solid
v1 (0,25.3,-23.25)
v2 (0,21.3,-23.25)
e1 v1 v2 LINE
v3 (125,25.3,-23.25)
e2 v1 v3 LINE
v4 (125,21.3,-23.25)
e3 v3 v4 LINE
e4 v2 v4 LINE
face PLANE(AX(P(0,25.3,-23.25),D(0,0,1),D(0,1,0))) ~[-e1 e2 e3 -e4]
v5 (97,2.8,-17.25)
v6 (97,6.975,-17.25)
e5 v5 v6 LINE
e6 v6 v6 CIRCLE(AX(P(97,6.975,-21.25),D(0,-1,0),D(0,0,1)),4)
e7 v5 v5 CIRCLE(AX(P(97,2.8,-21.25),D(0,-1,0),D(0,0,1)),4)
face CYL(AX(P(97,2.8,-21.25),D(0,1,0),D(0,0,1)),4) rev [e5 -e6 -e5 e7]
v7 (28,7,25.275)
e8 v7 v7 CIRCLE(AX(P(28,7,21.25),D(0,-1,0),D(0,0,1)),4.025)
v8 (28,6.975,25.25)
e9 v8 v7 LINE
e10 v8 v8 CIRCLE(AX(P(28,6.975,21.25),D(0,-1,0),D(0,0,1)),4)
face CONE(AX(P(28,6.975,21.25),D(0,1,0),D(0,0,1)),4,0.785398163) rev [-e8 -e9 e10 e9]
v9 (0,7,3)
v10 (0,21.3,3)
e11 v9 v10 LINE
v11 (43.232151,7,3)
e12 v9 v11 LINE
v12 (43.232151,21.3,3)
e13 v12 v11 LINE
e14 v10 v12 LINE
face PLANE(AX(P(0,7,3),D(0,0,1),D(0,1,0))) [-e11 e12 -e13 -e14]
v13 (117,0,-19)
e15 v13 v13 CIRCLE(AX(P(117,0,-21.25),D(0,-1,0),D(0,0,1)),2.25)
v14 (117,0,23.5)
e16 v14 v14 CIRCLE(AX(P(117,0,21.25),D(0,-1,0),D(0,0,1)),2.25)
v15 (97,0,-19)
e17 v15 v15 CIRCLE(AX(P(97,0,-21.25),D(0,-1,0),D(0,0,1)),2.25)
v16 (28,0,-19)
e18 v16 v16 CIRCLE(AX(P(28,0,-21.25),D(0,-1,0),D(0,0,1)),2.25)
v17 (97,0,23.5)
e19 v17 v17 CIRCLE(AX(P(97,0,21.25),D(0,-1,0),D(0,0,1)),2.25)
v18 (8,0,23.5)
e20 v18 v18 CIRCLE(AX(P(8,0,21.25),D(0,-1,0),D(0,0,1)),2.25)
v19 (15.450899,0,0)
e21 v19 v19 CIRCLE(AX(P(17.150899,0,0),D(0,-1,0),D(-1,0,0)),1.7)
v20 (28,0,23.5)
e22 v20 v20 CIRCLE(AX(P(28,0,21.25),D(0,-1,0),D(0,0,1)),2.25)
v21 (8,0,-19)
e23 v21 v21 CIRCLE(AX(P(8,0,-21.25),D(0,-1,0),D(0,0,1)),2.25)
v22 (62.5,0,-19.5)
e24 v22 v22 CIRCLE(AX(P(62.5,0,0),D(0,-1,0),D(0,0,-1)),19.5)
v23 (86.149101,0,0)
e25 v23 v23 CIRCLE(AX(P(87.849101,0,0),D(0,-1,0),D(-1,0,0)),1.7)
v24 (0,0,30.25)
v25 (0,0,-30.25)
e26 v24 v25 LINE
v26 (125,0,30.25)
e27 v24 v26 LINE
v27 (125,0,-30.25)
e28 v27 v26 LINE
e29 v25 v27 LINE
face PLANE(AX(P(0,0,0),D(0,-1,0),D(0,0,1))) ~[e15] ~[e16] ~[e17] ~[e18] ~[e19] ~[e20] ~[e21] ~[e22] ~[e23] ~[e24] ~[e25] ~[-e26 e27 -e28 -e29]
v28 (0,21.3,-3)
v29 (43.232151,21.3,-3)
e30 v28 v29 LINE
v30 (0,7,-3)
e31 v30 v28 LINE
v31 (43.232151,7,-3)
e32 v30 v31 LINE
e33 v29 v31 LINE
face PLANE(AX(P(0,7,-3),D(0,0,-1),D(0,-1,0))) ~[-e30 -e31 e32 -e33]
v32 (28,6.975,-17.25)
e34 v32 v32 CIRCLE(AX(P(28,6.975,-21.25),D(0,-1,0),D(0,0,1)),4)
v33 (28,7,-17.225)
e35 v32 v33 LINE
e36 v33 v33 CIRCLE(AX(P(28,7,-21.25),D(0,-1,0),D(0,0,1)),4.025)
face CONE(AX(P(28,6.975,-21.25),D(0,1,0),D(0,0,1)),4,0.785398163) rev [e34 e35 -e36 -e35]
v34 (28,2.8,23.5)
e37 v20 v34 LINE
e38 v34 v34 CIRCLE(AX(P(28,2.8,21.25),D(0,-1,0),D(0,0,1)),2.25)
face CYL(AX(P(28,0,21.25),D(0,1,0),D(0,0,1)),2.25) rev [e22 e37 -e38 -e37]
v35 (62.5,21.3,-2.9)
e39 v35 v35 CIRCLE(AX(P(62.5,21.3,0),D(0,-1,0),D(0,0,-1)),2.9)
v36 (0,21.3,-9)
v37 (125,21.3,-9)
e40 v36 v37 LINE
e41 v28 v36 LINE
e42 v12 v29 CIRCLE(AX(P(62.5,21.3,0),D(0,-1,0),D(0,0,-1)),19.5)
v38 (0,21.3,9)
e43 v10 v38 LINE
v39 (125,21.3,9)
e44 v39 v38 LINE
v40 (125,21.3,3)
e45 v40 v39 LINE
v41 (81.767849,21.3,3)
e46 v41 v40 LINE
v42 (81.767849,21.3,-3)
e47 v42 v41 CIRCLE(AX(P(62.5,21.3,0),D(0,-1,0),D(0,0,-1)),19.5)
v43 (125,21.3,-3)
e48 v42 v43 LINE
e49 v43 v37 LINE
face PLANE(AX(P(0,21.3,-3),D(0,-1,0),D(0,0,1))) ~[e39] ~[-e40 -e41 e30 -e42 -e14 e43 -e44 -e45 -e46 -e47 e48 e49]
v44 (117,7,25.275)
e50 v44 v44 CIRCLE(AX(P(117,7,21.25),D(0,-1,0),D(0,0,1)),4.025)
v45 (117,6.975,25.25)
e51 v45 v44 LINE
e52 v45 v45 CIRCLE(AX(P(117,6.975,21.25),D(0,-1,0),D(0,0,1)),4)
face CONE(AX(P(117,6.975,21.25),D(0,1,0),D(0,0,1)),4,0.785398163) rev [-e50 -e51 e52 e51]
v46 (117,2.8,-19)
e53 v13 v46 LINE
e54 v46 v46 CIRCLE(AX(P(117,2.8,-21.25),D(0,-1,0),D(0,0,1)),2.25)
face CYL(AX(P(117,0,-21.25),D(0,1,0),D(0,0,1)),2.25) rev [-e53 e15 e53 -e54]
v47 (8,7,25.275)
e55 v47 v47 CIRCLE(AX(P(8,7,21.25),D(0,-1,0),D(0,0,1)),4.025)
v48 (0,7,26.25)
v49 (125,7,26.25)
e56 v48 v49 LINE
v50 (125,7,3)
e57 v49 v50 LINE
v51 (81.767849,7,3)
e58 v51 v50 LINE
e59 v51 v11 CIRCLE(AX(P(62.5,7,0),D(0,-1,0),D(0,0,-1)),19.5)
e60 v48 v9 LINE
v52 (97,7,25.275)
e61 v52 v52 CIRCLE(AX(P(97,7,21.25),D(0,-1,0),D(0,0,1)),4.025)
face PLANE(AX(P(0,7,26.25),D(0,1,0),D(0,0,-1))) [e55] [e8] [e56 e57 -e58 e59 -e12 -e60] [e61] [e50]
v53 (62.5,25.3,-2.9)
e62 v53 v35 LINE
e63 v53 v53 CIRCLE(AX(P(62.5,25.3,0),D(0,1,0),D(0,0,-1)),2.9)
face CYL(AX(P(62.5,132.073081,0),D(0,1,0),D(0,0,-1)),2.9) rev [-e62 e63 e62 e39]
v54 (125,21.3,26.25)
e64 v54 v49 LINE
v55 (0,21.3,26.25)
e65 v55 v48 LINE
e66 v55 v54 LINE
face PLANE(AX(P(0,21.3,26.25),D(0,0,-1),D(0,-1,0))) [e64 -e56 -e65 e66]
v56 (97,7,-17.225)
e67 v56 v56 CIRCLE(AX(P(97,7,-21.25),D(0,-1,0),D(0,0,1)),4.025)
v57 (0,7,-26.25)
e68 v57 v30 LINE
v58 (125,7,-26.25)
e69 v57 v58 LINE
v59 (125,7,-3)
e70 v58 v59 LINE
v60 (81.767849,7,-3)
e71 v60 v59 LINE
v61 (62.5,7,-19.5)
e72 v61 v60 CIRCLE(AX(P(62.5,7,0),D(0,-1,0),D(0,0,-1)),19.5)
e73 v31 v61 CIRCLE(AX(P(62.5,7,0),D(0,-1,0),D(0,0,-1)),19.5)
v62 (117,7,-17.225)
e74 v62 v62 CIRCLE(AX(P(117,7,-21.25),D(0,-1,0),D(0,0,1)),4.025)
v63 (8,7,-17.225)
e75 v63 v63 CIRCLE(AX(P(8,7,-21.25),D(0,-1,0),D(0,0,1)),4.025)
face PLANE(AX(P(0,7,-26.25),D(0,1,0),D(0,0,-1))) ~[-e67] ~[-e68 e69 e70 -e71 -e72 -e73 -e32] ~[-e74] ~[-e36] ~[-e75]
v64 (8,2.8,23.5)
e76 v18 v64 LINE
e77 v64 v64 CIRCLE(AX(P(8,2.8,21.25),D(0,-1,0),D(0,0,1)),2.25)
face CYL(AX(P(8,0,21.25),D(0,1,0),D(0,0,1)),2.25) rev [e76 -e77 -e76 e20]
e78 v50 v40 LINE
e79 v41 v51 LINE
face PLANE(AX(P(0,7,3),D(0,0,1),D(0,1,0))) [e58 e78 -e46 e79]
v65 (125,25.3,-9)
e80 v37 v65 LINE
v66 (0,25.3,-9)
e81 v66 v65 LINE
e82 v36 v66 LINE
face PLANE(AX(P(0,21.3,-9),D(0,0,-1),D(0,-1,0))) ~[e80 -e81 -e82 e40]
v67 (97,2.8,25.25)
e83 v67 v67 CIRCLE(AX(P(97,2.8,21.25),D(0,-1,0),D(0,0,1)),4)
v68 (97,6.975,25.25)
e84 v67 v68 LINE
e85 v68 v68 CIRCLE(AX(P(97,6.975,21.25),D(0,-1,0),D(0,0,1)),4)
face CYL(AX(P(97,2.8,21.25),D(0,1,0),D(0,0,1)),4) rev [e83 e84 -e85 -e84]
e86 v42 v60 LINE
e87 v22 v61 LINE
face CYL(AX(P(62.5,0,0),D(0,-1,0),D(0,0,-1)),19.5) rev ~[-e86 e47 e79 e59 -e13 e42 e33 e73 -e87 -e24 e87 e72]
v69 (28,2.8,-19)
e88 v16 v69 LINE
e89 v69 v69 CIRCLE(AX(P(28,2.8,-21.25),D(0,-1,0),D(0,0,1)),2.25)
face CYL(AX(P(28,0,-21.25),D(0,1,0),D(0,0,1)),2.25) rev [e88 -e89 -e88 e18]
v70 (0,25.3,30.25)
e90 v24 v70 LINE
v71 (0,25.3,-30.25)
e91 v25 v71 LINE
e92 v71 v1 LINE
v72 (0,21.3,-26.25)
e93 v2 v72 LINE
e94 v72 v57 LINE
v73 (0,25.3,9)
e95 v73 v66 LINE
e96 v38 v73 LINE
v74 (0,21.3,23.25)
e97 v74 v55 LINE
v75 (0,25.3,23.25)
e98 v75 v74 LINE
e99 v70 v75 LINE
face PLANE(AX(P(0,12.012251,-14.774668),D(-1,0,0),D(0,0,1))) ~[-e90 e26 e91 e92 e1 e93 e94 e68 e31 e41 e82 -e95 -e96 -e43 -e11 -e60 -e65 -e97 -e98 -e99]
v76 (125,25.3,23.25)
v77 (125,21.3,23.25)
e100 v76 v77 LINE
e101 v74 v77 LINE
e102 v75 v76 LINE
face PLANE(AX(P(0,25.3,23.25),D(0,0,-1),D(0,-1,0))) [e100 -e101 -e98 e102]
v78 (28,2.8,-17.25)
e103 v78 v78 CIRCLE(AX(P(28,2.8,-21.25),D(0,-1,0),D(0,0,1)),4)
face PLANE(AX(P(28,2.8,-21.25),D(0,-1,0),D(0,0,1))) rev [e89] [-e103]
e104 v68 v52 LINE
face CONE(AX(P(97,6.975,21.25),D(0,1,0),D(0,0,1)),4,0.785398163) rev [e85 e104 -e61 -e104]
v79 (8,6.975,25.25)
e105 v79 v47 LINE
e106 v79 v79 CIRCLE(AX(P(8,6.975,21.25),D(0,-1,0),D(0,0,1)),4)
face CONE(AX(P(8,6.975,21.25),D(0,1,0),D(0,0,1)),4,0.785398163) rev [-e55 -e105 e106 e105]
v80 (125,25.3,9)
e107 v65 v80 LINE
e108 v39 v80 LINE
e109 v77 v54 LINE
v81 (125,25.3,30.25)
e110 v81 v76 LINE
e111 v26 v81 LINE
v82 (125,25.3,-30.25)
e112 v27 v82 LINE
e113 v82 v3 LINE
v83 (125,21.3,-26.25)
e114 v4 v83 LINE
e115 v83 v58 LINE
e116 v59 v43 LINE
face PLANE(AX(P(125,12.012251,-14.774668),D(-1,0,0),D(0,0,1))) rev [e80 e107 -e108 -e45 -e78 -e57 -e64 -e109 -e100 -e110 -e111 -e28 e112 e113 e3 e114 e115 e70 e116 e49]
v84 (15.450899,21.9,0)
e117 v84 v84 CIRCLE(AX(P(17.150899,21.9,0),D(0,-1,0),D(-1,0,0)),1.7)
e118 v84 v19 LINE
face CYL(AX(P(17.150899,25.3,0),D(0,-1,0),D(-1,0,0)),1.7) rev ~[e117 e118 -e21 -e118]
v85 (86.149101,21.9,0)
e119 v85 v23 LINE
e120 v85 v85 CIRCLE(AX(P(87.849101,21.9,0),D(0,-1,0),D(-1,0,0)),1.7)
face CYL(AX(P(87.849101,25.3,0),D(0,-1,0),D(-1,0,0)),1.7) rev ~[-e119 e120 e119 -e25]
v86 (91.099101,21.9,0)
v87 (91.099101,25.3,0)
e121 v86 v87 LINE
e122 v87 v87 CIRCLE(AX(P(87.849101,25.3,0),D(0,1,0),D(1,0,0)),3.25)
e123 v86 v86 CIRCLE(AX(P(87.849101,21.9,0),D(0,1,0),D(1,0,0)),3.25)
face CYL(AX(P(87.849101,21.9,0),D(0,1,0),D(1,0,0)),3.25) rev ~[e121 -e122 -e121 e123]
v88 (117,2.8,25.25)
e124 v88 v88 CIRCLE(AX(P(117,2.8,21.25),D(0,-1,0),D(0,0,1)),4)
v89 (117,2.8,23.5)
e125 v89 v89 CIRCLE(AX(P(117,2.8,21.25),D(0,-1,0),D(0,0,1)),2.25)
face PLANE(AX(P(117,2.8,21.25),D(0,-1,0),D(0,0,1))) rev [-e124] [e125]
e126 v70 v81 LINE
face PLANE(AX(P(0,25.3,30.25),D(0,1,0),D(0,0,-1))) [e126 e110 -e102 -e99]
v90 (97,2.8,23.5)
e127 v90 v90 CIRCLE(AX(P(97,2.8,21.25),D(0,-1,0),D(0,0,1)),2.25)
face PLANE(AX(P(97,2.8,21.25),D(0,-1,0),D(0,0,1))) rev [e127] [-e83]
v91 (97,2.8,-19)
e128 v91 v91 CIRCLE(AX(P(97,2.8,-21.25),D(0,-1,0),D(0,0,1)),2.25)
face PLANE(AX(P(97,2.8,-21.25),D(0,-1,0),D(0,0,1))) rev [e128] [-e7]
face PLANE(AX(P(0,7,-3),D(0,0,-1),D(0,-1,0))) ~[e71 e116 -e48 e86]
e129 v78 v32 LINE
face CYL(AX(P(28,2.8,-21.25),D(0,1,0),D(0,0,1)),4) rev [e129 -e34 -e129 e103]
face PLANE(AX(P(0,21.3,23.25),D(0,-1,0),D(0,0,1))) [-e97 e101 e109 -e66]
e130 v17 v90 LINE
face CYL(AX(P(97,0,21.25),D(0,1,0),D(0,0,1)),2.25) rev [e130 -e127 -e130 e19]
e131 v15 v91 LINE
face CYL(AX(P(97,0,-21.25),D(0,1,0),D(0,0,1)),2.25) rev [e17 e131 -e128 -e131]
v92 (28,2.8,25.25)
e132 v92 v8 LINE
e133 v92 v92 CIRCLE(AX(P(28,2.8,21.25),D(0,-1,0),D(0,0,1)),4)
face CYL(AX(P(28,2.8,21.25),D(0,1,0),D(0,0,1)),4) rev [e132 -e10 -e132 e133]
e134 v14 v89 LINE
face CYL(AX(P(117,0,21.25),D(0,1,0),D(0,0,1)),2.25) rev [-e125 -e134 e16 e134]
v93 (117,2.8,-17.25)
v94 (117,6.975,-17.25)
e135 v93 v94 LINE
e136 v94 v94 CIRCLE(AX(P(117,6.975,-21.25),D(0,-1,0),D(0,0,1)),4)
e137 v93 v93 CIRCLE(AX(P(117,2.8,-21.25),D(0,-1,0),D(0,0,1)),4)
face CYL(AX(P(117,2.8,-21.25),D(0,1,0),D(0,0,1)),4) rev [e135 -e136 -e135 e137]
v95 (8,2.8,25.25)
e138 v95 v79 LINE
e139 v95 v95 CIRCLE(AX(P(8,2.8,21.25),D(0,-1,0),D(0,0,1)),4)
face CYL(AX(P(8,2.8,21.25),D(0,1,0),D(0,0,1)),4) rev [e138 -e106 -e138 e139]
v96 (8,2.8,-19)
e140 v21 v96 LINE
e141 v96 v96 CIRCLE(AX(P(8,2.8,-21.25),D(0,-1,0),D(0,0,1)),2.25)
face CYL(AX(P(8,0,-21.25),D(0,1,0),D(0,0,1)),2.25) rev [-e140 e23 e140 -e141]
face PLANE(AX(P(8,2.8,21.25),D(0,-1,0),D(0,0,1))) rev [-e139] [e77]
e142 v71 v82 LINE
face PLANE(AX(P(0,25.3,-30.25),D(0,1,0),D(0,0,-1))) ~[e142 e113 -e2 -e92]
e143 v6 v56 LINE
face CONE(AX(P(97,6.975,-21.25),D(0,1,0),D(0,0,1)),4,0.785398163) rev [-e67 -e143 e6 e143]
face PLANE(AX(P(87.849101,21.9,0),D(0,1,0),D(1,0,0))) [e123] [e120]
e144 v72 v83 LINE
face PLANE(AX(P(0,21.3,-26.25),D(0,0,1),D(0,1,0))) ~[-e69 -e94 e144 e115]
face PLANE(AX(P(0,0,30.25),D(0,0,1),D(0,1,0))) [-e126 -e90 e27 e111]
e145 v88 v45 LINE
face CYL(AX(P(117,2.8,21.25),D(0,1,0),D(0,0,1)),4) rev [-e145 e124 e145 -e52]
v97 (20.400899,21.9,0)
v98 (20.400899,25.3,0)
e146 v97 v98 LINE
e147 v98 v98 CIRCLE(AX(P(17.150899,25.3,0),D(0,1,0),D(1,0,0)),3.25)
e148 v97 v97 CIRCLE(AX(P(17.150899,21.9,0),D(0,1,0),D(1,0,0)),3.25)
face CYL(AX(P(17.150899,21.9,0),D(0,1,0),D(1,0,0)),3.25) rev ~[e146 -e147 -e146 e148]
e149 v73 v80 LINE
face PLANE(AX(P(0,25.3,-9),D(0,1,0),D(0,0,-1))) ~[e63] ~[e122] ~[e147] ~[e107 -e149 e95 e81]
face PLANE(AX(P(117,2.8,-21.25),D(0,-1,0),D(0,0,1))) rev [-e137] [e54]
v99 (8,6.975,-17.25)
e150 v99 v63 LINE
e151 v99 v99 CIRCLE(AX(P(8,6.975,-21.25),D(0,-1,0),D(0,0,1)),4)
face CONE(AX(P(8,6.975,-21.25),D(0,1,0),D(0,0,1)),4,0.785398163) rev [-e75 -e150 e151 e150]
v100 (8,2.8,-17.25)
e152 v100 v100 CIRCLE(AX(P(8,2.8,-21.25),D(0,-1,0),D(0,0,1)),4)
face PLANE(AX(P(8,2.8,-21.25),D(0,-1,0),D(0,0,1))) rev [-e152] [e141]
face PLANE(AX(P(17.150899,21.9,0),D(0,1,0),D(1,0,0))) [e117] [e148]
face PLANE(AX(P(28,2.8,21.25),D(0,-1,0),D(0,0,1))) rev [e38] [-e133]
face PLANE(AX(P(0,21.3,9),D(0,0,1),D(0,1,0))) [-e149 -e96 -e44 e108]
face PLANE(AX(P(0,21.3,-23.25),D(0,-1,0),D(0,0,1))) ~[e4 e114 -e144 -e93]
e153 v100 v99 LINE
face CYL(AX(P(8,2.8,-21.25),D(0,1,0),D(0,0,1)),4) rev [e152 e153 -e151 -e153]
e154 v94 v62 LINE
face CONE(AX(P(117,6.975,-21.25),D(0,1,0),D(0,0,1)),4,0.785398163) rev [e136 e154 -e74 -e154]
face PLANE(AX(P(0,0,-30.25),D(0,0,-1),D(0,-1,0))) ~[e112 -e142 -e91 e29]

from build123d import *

# Parameters (mm, degrees)
BOSS_EXTRUDE1_DEPTH                                 = 125
CUT_EXTRUDE1_REACH                                  = 133.073
SKETCH4_R                                           = 19.5
SKETCH4_R_2                                         = 2.9
CUT_EXTRUDE2_DEPTH                                  = 132.07308076
CUT_EXTRUDE2_DEPTH_BACK                             = 132.07308076
SKETCH4_2_R                                         = 2.9
CBORE_FOR_M4_HEX_SOCKET_HEAD_CAP_SCR_2_COUNT        = 2
CBORE_FOR_M4_HEX_SOCKET_HEAD_CAP_SCR_2_PITCH        = 42.5
CBORE_FOR_M4_HEX_SOCKET_HEAD_CAP_SCR_3_COUNT        = 2
CBORE_FOR_M4_HEX_SOCKET_HEAD_CAP_SCR_3_PITCH        = 116.992521128
CBORE_FOR_M4_HEX_SOCKET_HEAD_CAP_SCR_4_COUNT        = 2
CBORE_FOR_M4_HEX_SOCKET_HEAD_CAP_SCR_4_PITCH        = 109
CBORE_FOR_M4_HEX_SOCKET_HEAD_CAP_SCR_5_COUNT        = 2
CBORE_FOR_M4_HEX_SOCKET_HEAD_CAP_SCR_5_PITCH        = 89
CBORE_FOR_M4_HEX_SOCKET_HEAD_CAP_SCR_6_COUNT        = 2
CBORE_FOR_M4_HEX_SOCKET_HEAD_CAP_SCR_6_PITCH        = 20
CBORE_FOR_M4_HEX_SOCKET_HEAD_CAP_SCR_7_COUNT        = 2
CBORE_FOR_M4_HEX_SOCKET_HEAD_CAP_SCR_7_PITCH        = 46.97073557
CBORE_FOR_M4_HEX_SOCKET_HEAD_CAP_SCR_8_COUNT        = 2
CBORE_FOR_M4_HEX_SOCKET_HEAD_CAP_SCR_8_PITCH        = 98.62682191
CBORE_FOR_M3_HEX_SOCKET_HEAD_CAP_SCREW1_D           = 3.4
CBORE_FOR_M3_HEX_SOCKET_HEAD_CAP_SCREW1_CBORE_D     = 6.5
CBORE_FOR_M3_HEX_SOCKET_HEAD_CAP_SCREW1_CBORE_DEPTH = 3.4


with BuildPart() as part:
    # Sketch2 → Boss-Extrude1 (new body)
    with BuildSketch(Plane(origin=(0, 0, 0), x_dir=(0, 0, -1), z_dir=(1, 0, 0))):
        Polygon((0, 0), (-30.25, 0), (-30.25, 25.3), (-23.25, 25.3), (-23.25, 21.3), (-26.25, 21.3), (-26.25, 7), (-3, 7), (-3, 21.3), (-9, 21.3), (-9, 25.3), (0, 25.3), align=None)
    boss_extrude1 = extrude(amount=BOSS_EXTRUDE1_DEPTH)

    # Mirror1: Boss-Extrude1 across plane
    add(boss_extrude1.mirror(Plane.XY))

    # Cut-Extrude1: up to this face of the body (flat: up to its plane)
    cut_extrude1_end = Plane(part.part.faces().sort_by_distance((62.5, 21.3, 6))[0])
    # Sketch4 → Cut-Extrude1 (cut, up to the picked face)
    with BuildSketch(Plane(origin=(0, 0, 0), x_dir=(-1, 0, 0), z_dir=(0, -1, 0)), mode=Mode.PRIVATE) as cut_extrude1_sk1:
        with Locations(Location((-62.5, 0, 0), (0, 0, 90))):
            Circle(SKETCH4_R)
        with Locations(Location((-62.5, 0, 0), (0, 0, 90))):
            Circle(SKETCH4_R_2, mode=Mode.SUBTRACT)
    cut_extrude1_tool1 = split(extrude(cut_extrude1_sk1.sketch, amount=-CUT_EXTRUDE1_REACH, mode=Mode.PRIVATE), bisect_by=cut_extrude1_end, keep=Keep.BOTH, mode=Mode.PRIVATE)
    add(cut_extrude1_tool1.solids().sort_by(Axis((62.5, 0, 18.948457), (0, 1, 0)))[0], mode=Mode.SUBTRACT)

    # Sketch4<2> → Cut-Extrude2 (cut, two sides: drawn at the far end of the back side and taken through both)
    with BuildSketch(Plane(origin=(0, 0, 0), x_dir=(-1, 0, 0), z_dir=(0, -1, 0)).offset(-CUT_EXTRUDE2_DEPTH_BACK)):
        with Locations(Location((-62.5, 0, 0), (0, 0, 90))):
            Circle(SKETCH4_2_R)
    extrude(amount=CUT_EXTRUDE2_DEPTH + CUT_EXTRUDE2_DEPTH_BACK, mode=Mode.SUBTRACT)

    # Sketch6 → CBORE for M4 Hex Socket Head Cap Screw1 (revolve, cut)
    with BuildSketch(Plane(origin=(117, 7, 21.25), x_dir=(0, 0, 1), z_dir=(1, 0, 0))):
        Polygon((0, 0), (0, 7), (2.25, 7), (2.25, 4.2), (4, 4.2), (4, 0.025), (4.025, 0), align=None)
    cbore_for_m4_hex_socket_head_cap_screw1 = revolve(axis=Axis((117, 13.35, 21.25), (0, -1, 0)), mode=Mode.SUBTRACT)

    # CBORE for M4 Hex Socket Head Cap Scr 2: CBORE for M4 Hex Socket Head Cap Screw1 ×2
    with Locations(*[(0, 0, -i * CBORE_FOR_M4_HEX_SOCKET_HEAD_CAP_SCR_2_PITCH) for i in range(1, CBORE_FOR_M4_HEX_SOCKET_HEAD_CAP_SCR_2_COUNT)]):
        add(cbore_for_m4_hex_socket_head_cap_screw1, mode=Mode.SUBTRACT)

    # CBORE for M4 Hex Socket Head Cap Scr 3: CBORE for M4 Hex Socket Head Cap Screw1 ×2
    with Locations(*[Vector(-0.9316834866759449, 0, -0.3632710842543822) * (i * CBORE_FOR_M4_HEX_SOCKET_HEAD_CAP_SCR_3_PITCH) for i in range(1, CBORE_FOR_M4_HEX_SOCKET_HEAD_CAP_SCR_3_COUNT)]):
        add(cbore_for_m4_hex_socket_head_cap_screw1, mode=Mode.SUBTRACT)

    # CBORE for M4 Hex Socket Head Cap Scr 4: CBORE for M4 Hex Socket Head Cap Screw1 ×2
    with Locations(*[(-i * CBORE_FOR_M4_HEX_SOCKET_HEAD_CAP_SCR_4_PITCH, 0, 0) for i in range(1, CBORE_FOR_M4_HEX_SOCKET_HEAD_CAP_SCR_4_COUNT)]):
        add(cbore_for_m4_hex_socket_head_cap_screw1, mode=Mode.SUBTRACT)

    # CBORE for M4 Hex Socket Head Cap Scr 5: CBORE for M4 Hex Socket Head Cap Screw1 ×2
    with Locations(*[(-i * CBORE_FOR_M4_HEX_SOCKET_HEAD_CAP_SCR_5_PITCH, 0, 0) for i in range(1, CBORE_FOR_M4_HEX_SOCKET_HEAD_CAP_SCR_5_COUNT)]):
        add(cbore_for_m4_hex_socket_head_cap_screw1, mode=Mode.SUBTRACT)

    # CBORE for M4 Hex Socket Head Cap Scr 6: CBORE for M4 Hex Socket Head Cap Screw1 ×2
    with Locations(*[(-i * CBORE_FOR_M4_HEX_SOCKET_HEAD_CAP_SCR_6_PITCH, 0, 0) for i in range(1, CBORE_FOR_M4_HEX_SOCKET_HEAD_CAP_SCR_6_COUNT)]):
        add(cbore_for_m4_hex_socket_head_cap_screw1, mode=Mode.SUBTRACT)

    # CBORE for M4 Hex Socket Head Cap Scr 7: CBORE for M4 Hex Socket Head Cap Screw1 ×2
    with Locations(*[Vector(-0.4257970363298798, 0, -0.904818702200994) * (i * CBORE_FOR_M4_HEX_SOCKET_HEAD_CAP_SCR_7_PITCH) for i in range(1, CBORE_FOR_M4_HEX_SOCKET_HEAD_CAP_SCR_7_COUNT)]):
        add(cbore_for_m4_hex_socket_head_cap_screw1, mode=Mode.SUBTRACT)

    # CBORE for M4 Hex Socket Head Cap Scr 8: CBORE for M4 Hex Socket Head Cap Screw1 ×2
    with Locations(*[Vector(-0.9023914415646597, 0, -0.43091726142132625) * (i * CBORE_FOR_M4_HEX_SOCKET_HEAD_CAP_SCR_8_PITCH) for i in range(1, CBORE_FOR_M4_HEX_SOCKET_HEAD_CAP_SCR_8_COUNT)]):
        add(cbore_for_m4_hex_socket_head_cap_screw1, mode=Mode.SUBTRACT)

    # CBORE for M3 Hex Socket Head Cap Screw1 (through all)
    with Locations(Plane(origin=(0, 25.3, 0), x_dir=(1, 0, 0), z_dir=(0, 1, 0))):
        with Locations((87.849101299, 0), (17.150898701, 0)):
            CounterBoreHole(CBORE_FOR_M3_HEX_SOCKET_HEAD_CAP_SCREW1_D / 2, CBORE_FOR_M3_HEX_SOCKET_HEAD_CAP_SCREW1_CBORE_D / 2, CBORE_FOR_M3_HEX_SOCKET_HEAD_CAP_SCREW1_CBORE_DEPTH)


solid = part.part
